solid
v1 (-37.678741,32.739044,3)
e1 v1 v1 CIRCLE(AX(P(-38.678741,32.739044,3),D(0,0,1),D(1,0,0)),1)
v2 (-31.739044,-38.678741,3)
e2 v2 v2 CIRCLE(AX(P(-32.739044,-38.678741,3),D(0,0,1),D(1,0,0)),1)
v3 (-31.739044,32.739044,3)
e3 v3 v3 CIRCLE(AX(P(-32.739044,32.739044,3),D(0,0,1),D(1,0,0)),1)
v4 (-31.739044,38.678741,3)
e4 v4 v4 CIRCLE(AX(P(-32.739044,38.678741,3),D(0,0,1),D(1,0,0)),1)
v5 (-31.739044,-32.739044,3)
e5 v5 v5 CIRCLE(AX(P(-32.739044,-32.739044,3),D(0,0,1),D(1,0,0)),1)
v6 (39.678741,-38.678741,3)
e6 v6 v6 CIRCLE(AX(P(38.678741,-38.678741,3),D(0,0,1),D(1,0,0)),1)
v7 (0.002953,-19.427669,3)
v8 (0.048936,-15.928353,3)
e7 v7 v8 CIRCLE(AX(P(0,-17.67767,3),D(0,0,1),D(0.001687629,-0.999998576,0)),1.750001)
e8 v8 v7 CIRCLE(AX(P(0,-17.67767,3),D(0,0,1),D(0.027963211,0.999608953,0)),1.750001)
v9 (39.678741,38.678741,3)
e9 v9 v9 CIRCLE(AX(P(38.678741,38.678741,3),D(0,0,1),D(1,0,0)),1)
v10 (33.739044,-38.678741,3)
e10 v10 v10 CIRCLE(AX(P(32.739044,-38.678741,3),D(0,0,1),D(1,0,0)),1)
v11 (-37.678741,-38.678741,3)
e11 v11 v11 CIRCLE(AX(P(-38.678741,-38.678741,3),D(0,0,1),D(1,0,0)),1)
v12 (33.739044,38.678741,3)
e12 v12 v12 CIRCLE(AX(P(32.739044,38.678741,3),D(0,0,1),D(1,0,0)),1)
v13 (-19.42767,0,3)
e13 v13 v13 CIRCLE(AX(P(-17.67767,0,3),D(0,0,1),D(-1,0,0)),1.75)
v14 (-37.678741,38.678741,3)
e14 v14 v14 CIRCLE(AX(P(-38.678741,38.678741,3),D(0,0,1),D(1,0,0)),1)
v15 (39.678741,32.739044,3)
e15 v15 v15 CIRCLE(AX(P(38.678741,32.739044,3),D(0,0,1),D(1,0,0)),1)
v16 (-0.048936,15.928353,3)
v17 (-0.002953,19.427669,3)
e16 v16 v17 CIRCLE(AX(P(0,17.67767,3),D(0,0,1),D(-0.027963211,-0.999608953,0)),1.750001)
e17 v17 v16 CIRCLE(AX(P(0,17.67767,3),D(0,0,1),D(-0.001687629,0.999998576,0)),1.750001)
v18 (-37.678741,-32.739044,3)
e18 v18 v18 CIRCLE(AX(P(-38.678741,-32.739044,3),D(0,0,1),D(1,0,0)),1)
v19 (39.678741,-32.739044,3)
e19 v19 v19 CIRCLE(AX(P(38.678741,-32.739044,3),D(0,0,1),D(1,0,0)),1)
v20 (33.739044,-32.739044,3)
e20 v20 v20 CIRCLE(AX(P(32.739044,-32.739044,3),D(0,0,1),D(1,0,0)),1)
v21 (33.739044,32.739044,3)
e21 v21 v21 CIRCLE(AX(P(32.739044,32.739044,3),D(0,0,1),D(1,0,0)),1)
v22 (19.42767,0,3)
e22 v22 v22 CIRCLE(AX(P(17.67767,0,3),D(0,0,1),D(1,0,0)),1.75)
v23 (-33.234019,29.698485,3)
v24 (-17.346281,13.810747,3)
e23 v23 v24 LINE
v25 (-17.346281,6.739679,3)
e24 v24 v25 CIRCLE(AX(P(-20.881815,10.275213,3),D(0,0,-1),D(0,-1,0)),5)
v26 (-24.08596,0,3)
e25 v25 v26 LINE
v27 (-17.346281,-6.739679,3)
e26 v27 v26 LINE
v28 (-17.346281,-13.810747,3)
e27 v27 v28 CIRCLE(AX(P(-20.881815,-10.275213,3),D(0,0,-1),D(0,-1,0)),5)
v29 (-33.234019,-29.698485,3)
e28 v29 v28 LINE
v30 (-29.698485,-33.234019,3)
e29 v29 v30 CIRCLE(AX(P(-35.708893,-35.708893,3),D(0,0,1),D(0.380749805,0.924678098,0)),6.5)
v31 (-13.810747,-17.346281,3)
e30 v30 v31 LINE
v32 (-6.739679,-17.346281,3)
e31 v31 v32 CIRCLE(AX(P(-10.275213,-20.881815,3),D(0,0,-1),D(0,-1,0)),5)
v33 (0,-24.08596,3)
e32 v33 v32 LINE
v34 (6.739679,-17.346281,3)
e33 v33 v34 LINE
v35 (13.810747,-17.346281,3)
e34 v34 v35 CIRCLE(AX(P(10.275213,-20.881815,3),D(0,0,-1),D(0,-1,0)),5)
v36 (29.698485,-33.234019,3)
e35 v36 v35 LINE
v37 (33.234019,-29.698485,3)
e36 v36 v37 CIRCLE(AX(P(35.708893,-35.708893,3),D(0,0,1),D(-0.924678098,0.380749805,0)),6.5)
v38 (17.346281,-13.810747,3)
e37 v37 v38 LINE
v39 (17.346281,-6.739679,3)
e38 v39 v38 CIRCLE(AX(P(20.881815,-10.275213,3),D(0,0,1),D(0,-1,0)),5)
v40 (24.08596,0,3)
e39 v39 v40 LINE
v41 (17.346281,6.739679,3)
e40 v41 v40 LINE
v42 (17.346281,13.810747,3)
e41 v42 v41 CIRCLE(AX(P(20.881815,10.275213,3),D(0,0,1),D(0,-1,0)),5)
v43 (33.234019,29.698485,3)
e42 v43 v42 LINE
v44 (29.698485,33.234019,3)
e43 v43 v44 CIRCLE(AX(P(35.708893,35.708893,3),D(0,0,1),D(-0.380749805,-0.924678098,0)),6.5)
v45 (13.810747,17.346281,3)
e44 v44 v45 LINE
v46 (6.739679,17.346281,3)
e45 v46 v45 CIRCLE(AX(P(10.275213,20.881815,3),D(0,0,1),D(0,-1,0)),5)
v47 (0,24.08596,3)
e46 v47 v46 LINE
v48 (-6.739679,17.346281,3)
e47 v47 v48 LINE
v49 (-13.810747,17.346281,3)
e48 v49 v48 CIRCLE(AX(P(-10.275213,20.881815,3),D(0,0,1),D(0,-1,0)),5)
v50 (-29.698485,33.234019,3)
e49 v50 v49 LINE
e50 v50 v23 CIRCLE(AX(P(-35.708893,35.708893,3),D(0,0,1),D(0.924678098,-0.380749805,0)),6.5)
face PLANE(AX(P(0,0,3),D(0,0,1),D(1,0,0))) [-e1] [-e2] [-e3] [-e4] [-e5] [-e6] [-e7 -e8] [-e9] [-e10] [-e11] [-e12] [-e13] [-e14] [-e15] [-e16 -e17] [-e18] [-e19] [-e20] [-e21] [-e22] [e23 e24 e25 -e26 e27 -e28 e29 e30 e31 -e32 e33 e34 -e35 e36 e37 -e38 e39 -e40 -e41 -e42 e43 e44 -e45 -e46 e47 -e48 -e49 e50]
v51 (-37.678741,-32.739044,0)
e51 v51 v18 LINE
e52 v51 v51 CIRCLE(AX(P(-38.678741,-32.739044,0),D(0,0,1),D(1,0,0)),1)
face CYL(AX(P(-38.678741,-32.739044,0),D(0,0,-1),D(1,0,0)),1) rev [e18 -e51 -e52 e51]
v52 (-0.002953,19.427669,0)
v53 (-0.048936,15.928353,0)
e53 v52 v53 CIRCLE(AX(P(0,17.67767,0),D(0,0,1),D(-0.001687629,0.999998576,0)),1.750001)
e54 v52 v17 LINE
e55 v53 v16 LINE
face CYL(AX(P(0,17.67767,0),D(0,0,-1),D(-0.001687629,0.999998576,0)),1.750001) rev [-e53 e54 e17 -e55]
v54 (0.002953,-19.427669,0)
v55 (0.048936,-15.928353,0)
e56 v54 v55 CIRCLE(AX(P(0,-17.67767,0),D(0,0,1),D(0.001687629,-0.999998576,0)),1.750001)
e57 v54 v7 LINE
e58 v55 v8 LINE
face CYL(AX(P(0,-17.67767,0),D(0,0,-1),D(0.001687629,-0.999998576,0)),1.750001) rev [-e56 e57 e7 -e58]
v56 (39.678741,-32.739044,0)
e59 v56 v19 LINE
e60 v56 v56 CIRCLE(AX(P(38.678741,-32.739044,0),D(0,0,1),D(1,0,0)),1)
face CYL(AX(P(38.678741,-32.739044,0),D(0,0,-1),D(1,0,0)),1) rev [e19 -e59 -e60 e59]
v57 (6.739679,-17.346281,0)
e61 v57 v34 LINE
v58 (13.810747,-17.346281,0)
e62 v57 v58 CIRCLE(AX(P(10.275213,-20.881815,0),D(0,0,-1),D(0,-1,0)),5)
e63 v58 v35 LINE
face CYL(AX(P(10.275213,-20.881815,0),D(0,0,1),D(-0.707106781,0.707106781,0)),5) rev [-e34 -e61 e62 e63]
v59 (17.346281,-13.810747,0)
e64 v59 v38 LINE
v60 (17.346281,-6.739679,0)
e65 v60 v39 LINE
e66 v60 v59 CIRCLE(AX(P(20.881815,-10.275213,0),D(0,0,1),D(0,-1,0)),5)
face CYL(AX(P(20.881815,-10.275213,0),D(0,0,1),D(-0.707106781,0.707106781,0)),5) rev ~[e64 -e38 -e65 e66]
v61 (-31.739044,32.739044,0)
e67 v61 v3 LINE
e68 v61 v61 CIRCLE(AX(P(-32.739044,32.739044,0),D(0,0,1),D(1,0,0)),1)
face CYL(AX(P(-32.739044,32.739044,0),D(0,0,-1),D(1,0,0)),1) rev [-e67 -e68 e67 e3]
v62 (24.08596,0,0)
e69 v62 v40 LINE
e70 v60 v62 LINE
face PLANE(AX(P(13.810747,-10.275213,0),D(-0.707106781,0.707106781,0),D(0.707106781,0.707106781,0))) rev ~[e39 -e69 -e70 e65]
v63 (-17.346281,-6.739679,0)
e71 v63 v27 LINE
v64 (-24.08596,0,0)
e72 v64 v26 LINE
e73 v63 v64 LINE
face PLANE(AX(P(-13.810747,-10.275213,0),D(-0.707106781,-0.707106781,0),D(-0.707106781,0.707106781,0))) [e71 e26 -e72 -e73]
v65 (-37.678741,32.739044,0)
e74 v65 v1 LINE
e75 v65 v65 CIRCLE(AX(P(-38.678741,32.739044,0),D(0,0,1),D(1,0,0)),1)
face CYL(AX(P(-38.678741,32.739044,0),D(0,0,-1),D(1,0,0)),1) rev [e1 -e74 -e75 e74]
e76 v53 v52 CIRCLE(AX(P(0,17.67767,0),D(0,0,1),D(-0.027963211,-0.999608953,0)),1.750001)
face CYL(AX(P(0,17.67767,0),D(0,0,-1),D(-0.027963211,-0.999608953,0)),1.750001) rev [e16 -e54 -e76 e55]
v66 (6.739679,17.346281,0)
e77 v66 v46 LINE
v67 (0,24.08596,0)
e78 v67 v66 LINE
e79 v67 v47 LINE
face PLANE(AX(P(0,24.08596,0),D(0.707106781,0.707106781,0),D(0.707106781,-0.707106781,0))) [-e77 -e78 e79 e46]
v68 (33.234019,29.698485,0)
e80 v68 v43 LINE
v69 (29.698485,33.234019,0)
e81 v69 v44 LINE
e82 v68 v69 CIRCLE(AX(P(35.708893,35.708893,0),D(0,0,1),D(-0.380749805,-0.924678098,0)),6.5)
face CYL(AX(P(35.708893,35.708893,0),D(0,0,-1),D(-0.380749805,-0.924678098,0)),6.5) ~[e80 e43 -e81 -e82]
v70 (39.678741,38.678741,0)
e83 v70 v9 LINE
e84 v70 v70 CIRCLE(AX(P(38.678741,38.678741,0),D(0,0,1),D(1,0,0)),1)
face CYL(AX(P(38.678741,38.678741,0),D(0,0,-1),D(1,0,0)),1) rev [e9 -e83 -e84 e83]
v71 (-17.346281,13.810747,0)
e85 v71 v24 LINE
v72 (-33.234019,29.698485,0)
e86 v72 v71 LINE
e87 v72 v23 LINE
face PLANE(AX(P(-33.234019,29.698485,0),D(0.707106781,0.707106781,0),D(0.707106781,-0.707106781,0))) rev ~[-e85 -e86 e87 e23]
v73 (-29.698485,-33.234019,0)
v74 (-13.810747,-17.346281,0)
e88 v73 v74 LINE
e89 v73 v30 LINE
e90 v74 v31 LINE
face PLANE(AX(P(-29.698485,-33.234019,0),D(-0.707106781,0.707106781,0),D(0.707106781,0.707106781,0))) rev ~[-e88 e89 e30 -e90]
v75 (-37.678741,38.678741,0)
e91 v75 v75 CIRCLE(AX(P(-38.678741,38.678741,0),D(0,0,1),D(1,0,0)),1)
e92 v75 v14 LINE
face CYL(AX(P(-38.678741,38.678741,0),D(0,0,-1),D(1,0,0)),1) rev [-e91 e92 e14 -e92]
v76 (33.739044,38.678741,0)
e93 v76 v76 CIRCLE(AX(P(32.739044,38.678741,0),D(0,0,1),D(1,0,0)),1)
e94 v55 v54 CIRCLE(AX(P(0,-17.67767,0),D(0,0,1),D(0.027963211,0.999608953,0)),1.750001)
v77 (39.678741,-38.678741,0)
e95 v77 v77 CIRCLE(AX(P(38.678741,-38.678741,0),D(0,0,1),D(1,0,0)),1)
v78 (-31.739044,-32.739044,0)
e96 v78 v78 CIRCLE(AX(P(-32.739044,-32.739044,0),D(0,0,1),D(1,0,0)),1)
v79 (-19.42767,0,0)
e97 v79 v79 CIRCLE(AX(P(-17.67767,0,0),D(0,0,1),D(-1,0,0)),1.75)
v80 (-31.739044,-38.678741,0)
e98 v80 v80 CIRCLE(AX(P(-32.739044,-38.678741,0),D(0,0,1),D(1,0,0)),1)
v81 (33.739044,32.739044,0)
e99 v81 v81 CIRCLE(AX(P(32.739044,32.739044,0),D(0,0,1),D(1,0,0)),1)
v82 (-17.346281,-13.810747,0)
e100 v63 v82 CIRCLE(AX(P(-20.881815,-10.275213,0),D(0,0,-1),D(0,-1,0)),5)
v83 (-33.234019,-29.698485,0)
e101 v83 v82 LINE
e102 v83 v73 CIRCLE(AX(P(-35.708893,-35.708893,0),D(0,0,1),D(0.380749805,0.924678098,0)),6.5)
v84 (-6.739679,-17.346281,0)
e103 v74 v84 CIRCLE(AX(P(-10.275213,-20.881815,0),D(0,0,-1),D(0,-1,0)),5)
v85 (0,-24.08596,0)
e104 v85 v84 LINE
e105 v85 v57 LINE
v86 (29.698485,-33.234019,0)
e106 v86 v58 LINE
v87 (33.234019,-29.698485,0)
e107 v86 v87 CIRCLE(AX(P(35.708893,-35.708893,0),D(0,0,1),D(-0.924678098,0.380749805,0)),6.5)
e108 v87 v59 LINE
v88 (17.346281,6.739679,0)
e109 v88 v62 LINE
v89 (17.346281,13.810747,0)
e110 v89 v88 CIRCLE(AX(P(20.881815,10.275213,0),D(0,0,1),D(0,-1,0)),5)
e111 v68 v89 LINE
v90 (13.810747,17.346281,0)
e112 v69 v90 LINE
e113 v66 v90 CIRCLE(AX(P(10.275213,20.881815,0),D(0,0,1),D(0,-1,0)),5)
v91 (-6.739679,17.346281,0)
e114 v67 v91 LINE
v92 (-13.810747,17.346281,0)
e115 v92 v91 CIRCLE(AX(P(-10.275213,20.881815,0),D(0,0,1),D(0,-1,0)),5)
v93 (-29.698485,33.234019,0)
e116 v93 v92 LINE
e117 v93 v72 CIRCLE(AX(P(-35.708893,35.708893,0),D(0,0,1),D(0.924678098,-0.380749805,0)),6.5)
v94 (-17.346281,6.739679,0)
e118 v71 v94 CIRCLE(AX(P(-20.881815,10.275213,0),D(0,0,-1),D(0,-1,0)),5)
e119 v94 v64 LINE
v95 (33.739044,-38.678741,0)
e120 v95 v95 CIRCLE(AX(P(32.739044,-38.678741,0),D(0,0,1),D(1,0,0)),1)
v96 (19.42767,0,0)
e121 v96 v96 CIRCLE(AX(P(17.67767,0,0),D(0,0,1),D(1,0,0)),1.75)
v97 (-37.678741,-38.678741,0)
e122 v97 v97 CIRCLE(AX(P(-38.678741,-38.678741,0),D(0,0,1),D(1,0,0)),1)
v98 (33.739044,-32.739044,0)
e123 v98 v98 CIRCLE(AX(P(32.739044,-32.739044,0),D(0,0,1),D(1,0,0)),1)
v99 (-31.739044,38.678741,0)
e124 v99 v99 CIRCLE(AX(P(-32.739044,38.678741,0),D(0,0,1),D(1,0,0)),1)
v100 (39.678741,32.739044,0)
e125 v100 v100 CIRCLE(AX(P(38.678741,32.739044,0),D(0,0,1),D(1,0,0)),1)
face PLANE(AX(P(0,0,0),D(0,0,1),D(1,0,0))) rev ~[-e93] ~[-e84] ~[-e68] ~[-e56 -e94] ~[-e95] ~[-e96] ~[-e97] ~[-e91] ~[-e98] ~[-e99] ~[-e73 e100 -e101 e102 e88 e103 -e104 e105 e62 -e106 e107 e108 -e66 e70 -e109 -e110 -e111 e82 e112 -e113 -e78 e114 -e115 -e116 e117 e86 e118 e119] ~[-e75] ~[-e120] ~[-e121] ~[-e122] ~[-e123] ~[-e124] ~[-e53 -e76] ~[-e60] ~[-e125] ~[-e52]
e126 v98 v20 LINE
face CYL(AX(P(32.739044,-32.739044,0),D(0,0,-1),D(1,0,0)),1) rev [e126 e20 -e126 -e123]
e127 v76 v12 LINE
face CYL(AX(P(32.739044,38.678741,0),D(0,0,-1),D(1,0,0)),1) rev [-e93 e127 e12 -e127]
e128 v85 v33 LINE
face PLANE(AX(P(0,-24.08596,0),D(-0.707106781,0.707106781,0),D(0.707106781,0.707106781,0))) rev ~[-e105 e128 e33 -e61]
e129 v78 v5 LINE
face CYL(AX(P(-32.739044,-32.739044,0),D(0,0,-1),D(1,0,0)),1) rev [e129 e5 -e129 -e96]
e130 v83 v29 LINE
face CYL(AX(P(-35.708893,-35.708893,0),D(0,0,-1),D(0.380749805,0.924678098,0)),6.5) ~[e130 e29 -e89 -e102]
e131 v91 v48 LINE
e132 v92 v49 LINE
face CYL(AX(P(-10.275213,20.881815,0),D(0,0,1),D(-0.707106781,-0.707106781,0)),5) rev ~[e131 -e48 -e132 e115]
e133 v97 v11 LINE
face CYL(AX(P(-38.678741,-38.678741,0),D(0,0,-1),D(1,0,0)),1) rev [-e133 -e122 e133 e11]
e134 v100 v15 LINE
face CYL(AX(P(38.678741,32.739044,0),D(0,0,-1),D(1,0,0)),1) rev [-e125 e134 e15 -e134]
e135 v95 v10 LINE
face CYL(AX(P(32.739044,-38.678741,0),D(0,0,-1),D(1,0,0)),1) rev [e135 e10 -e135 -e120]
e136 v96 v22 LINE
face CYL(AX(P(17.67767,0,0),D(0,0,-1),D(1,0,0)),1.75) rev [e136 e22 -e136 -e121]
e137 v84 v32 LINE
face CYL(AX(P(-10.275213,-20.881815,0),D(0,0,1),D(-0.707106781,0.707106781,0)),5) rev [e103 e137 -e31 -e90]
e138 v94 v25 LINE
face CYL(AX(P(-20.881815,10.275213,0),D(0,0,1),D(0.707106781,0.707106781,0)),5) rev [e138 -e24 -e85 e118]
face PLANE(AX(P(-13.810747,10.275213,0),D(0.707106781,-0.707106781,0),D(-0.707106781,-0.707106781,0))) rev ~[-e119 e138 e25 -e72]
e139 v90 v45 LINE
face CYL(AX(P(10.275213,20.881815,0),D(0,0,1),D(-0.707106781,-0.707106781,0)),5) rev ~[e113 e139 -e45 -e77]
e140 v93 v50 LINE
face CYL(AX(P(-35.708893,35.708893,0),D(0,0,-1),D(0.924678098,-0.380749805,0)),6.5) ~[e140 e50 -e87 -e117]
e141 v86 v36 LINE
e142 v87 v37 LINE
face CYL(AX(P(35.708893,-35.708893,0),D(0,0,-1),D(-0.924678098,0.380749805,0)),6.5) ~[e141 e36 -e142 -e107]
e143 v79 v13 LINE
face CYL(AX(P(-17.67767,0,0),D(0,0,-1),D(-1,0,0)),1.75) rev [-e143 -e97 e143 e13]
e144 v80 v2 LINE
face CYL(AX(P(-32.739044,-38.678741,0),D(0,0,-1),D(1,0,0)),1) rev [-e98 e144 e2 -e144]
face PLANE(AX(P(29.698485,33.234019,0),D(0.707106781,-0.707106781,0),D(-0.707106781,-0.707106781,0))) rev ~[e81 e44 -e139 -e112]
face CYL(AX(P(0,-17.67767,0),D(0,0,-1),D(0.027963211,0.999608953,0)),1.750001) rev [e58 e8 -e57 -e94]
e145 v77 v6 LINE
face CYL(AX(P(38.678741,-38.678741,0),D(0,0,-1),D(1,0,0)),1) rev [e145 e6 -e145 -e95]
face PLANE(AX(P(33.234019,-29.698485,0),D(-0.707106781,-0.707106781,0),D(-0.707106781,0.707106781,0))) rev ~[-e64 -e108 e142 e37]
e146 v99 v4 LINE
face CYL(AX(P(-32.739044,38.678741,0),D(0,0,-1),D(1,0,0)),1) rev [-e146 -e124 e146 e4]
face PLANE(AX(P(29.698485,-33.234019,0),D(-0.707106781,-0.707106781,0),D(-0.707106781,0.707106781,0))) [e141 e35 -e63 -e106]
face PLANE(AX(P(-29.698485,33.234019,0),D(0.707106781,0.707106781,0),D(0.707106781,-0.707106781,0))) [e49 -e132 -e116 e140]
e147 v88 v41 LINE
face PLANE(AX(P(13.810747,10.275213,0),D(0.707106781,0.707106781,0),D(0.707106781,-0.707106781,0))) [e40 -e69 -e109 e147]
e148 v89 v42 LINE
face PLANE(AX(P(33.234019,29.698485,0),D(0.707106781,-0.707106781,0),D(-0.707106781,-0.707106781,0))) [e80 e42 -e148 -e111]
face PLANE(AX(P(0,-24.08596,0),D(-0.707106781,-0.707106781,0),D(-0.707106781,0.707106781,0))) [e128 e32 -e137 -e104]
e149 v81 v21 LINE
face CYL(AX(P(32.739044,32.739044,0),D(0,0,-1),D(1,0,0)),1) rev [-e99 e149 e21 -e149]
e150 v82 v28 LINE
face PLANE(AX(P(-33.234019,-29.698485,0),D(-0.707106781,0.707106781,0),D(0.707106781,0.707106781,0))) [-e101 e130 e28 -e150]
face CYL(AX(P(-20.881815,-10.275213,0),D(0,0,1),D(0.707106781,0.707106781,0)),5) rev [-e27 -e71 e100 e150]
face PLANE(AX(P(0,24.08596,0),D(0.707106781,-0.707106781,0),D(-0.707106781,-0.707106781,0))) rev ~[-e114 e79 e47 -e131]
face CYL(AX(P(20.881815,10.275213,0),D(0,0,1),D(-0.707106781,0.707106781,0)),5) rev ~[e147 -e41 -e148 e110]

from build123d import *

# Parameters (mm, degrees)
SKETCH_R  = 1
PAD_DEPTH = 3
FILLET_R  = 5


with BuildPart() as part:
    # Sketch → Pad (new body)
    with BuildSketch(Plane.XY):
        with BuildLine():
            ThreePointArc((-29.698485, 33.234019), (-40.305087, 40.305087), (-33.234019, 29.698485))
            Line((-33.234019, 29.698485), (-13.810747, 10.275213))
            Line((-13.810747, 10.275213), (-24.08596, 0))
            Line((-13.810747, -10.275213), (-24.08596, 0))
            Line((-33.234019, -29.698485), (-13.810747, -10.275213))
            ThreePointArc((-33.234019, -29.698485), (-40.305087, -40.305087), (-29.698485, -33.234019))
            Line((-29.698485, -33.234019), (-10.275213, -13.810747))
            Line((0, -24.08596), (-10.275213, -13.810747))
            Line((0, -24.08596), (10.275213, -13.810747))
            Line((29.698485, -33.234019), (10.275213, -13.810747))
            ThreePointArc((29.698485, -33.234019), (40.305087, -40.305087), (33.234019, -29.698485))
            Line((33.234019, -29.698485), (13.810747, -10.275213))
            Line((13.810747, -10.275213), (24.08596, 0))
            Line((13.810747, 10.275213), (24.08596, 0))
            Line((33.234019, 29.698485), (13.810747, 10.275213))
            ThreePointArc((33.234019, 29.698485), (40.305087, 40.305087), (29.698485, 33.234019))
            Line((29.698485, 33.234019), (10.275213, 13.810747))
            Line((0, 24.08596), (10.275213, 13.810747))
            Line((0, 24.08596), (-10.275213, 13.810747))
            Line((-29.698485, 33.234019), (-10.275213, 13.810747))
        make_face()
        with Locations((-38.678741, 38.678741)):
            Circle(SKETCH_R, mode=Mode.SUBTRACT)
        with Locations((-38.678741, 32.739044)):
            Circle(SKETCH_R, mode=Mode.SUBTRACT)
        with Locations((-32.739044, 38.678741)):
            Circle(SKETCH_R, mode=Mode.SUBTRACT)
        with Locations((-32.739044, 32.739044)):
            Circle(SKETCH_R, mode=Mode.SUBTRACT)
        with Locations((38.678741, -38.678741)):
            Circle(SKETCH_R, mode=Mode.SUBTRACT)
        with Locations((38.678741, -32.739044)):
            Circle(SKETCH_R, mode=Mode.SUBTRACT)
        with Locations((32.739044, -38.678741)):
            Circle(SKETCH_R, mode=Mode.SUBTRACT)
        with Locations((32.739044, -32.739044)):
            Circle(SKETCH_R, mode=Mode.SUBTRACT)
        with Locations((-38.678741, -38.678741)):
            Circle(SKETCH_R, mode=Mode.SUBTRACT)
        with Locations((-38.678741, -32.739044)):
            Circle(SKETCH_R, mode=Mode.SUBTRACT)
        with Locations((-32.739044, -38.678741)):
            Circle(SKETCH_R, mode=Mode.SUBTRACT)
        with Locations((-32.739044, -32.739044)):
            Circle(SKETCH_R, mode=Mode.SUBTRACT)
        with Locations((38.678741, 38.678741)):
            Circle(SKETCH_R, mode=Mode.SUBTRACT)
        with Locations((38.678741, 32.739044)):
            Circle(SKETCH_R, mode=Mode.SUBTRACT)
        with Locations((32.739044, 38.678741)):
            Circle(SKETCH_R, mode=Mode.SUBTRACT)
        with Locations((32.739044, 32.739044)):
            Circle(SKETCH_R, mode=Mode.SUBTRACT)
        with BuildLine():
            ThreePointArc((-0.002953, 19.427669), (-1.74985, 17.700664), (-0.048936, 15.928353))
            ThreePointArc((-0.048936, 15.928353), (1.74985, 17.654676), (-0.002953, 19.427669))
        make_face(mode=Mode.SUBTRACT)
        with BuildLine():
            ThreePointArc((-15.92767, 0), (-17.67767, 1.75), (-19.42767, 0))
            ThreePointArc((-19.42767, 0), (-17.67767, -1.75), (-15.92767, 0))
        make_face(mode=Mode.SUBTRACT)
        with BuildLine():
            ThreePointArc((0.002953, -19.427669), (1.74985, -17.700664), (0.048936, -15.928353))
            ThreePointArc((0.048936, -15.928353), (-1.74985, -17.654676), (0.002953, -19.427669))
        make_face(mode=Mode.SUBTRACT)
        with BuildLine():
            ThreePointArc((15.92767, 0), (17.67767, -1.75), (19.42767, 0))
            ThreePointArc((19.42767, 0), (17.67767, 1.75), (15.92767, 0))
        make_face(mode=Mode.SUBTRACT)
    extrude(amount=PAD_DEPTH)

    # Fillet
    fillet_edges = [part.edges().sort_by_distance(p)[0] for p in [
        (13.810747, 10.275213, 1.5),
        (13.810747, -10.275213, 1.5),
        (-10.275213, -13.810747, 1.5),
        (-13.810747, 10.275213, 1.5),
        (10.275213, 13.810747, 1.5),
        (-10.275213, 13.810747, 1.5),
        (-13.810747, -10.275213, 1.5),
        (10.275213, -13.810747, 1.5),
    ]]
    fillet(fillet_edges, radius=FILLET_R)


solid = part.part
